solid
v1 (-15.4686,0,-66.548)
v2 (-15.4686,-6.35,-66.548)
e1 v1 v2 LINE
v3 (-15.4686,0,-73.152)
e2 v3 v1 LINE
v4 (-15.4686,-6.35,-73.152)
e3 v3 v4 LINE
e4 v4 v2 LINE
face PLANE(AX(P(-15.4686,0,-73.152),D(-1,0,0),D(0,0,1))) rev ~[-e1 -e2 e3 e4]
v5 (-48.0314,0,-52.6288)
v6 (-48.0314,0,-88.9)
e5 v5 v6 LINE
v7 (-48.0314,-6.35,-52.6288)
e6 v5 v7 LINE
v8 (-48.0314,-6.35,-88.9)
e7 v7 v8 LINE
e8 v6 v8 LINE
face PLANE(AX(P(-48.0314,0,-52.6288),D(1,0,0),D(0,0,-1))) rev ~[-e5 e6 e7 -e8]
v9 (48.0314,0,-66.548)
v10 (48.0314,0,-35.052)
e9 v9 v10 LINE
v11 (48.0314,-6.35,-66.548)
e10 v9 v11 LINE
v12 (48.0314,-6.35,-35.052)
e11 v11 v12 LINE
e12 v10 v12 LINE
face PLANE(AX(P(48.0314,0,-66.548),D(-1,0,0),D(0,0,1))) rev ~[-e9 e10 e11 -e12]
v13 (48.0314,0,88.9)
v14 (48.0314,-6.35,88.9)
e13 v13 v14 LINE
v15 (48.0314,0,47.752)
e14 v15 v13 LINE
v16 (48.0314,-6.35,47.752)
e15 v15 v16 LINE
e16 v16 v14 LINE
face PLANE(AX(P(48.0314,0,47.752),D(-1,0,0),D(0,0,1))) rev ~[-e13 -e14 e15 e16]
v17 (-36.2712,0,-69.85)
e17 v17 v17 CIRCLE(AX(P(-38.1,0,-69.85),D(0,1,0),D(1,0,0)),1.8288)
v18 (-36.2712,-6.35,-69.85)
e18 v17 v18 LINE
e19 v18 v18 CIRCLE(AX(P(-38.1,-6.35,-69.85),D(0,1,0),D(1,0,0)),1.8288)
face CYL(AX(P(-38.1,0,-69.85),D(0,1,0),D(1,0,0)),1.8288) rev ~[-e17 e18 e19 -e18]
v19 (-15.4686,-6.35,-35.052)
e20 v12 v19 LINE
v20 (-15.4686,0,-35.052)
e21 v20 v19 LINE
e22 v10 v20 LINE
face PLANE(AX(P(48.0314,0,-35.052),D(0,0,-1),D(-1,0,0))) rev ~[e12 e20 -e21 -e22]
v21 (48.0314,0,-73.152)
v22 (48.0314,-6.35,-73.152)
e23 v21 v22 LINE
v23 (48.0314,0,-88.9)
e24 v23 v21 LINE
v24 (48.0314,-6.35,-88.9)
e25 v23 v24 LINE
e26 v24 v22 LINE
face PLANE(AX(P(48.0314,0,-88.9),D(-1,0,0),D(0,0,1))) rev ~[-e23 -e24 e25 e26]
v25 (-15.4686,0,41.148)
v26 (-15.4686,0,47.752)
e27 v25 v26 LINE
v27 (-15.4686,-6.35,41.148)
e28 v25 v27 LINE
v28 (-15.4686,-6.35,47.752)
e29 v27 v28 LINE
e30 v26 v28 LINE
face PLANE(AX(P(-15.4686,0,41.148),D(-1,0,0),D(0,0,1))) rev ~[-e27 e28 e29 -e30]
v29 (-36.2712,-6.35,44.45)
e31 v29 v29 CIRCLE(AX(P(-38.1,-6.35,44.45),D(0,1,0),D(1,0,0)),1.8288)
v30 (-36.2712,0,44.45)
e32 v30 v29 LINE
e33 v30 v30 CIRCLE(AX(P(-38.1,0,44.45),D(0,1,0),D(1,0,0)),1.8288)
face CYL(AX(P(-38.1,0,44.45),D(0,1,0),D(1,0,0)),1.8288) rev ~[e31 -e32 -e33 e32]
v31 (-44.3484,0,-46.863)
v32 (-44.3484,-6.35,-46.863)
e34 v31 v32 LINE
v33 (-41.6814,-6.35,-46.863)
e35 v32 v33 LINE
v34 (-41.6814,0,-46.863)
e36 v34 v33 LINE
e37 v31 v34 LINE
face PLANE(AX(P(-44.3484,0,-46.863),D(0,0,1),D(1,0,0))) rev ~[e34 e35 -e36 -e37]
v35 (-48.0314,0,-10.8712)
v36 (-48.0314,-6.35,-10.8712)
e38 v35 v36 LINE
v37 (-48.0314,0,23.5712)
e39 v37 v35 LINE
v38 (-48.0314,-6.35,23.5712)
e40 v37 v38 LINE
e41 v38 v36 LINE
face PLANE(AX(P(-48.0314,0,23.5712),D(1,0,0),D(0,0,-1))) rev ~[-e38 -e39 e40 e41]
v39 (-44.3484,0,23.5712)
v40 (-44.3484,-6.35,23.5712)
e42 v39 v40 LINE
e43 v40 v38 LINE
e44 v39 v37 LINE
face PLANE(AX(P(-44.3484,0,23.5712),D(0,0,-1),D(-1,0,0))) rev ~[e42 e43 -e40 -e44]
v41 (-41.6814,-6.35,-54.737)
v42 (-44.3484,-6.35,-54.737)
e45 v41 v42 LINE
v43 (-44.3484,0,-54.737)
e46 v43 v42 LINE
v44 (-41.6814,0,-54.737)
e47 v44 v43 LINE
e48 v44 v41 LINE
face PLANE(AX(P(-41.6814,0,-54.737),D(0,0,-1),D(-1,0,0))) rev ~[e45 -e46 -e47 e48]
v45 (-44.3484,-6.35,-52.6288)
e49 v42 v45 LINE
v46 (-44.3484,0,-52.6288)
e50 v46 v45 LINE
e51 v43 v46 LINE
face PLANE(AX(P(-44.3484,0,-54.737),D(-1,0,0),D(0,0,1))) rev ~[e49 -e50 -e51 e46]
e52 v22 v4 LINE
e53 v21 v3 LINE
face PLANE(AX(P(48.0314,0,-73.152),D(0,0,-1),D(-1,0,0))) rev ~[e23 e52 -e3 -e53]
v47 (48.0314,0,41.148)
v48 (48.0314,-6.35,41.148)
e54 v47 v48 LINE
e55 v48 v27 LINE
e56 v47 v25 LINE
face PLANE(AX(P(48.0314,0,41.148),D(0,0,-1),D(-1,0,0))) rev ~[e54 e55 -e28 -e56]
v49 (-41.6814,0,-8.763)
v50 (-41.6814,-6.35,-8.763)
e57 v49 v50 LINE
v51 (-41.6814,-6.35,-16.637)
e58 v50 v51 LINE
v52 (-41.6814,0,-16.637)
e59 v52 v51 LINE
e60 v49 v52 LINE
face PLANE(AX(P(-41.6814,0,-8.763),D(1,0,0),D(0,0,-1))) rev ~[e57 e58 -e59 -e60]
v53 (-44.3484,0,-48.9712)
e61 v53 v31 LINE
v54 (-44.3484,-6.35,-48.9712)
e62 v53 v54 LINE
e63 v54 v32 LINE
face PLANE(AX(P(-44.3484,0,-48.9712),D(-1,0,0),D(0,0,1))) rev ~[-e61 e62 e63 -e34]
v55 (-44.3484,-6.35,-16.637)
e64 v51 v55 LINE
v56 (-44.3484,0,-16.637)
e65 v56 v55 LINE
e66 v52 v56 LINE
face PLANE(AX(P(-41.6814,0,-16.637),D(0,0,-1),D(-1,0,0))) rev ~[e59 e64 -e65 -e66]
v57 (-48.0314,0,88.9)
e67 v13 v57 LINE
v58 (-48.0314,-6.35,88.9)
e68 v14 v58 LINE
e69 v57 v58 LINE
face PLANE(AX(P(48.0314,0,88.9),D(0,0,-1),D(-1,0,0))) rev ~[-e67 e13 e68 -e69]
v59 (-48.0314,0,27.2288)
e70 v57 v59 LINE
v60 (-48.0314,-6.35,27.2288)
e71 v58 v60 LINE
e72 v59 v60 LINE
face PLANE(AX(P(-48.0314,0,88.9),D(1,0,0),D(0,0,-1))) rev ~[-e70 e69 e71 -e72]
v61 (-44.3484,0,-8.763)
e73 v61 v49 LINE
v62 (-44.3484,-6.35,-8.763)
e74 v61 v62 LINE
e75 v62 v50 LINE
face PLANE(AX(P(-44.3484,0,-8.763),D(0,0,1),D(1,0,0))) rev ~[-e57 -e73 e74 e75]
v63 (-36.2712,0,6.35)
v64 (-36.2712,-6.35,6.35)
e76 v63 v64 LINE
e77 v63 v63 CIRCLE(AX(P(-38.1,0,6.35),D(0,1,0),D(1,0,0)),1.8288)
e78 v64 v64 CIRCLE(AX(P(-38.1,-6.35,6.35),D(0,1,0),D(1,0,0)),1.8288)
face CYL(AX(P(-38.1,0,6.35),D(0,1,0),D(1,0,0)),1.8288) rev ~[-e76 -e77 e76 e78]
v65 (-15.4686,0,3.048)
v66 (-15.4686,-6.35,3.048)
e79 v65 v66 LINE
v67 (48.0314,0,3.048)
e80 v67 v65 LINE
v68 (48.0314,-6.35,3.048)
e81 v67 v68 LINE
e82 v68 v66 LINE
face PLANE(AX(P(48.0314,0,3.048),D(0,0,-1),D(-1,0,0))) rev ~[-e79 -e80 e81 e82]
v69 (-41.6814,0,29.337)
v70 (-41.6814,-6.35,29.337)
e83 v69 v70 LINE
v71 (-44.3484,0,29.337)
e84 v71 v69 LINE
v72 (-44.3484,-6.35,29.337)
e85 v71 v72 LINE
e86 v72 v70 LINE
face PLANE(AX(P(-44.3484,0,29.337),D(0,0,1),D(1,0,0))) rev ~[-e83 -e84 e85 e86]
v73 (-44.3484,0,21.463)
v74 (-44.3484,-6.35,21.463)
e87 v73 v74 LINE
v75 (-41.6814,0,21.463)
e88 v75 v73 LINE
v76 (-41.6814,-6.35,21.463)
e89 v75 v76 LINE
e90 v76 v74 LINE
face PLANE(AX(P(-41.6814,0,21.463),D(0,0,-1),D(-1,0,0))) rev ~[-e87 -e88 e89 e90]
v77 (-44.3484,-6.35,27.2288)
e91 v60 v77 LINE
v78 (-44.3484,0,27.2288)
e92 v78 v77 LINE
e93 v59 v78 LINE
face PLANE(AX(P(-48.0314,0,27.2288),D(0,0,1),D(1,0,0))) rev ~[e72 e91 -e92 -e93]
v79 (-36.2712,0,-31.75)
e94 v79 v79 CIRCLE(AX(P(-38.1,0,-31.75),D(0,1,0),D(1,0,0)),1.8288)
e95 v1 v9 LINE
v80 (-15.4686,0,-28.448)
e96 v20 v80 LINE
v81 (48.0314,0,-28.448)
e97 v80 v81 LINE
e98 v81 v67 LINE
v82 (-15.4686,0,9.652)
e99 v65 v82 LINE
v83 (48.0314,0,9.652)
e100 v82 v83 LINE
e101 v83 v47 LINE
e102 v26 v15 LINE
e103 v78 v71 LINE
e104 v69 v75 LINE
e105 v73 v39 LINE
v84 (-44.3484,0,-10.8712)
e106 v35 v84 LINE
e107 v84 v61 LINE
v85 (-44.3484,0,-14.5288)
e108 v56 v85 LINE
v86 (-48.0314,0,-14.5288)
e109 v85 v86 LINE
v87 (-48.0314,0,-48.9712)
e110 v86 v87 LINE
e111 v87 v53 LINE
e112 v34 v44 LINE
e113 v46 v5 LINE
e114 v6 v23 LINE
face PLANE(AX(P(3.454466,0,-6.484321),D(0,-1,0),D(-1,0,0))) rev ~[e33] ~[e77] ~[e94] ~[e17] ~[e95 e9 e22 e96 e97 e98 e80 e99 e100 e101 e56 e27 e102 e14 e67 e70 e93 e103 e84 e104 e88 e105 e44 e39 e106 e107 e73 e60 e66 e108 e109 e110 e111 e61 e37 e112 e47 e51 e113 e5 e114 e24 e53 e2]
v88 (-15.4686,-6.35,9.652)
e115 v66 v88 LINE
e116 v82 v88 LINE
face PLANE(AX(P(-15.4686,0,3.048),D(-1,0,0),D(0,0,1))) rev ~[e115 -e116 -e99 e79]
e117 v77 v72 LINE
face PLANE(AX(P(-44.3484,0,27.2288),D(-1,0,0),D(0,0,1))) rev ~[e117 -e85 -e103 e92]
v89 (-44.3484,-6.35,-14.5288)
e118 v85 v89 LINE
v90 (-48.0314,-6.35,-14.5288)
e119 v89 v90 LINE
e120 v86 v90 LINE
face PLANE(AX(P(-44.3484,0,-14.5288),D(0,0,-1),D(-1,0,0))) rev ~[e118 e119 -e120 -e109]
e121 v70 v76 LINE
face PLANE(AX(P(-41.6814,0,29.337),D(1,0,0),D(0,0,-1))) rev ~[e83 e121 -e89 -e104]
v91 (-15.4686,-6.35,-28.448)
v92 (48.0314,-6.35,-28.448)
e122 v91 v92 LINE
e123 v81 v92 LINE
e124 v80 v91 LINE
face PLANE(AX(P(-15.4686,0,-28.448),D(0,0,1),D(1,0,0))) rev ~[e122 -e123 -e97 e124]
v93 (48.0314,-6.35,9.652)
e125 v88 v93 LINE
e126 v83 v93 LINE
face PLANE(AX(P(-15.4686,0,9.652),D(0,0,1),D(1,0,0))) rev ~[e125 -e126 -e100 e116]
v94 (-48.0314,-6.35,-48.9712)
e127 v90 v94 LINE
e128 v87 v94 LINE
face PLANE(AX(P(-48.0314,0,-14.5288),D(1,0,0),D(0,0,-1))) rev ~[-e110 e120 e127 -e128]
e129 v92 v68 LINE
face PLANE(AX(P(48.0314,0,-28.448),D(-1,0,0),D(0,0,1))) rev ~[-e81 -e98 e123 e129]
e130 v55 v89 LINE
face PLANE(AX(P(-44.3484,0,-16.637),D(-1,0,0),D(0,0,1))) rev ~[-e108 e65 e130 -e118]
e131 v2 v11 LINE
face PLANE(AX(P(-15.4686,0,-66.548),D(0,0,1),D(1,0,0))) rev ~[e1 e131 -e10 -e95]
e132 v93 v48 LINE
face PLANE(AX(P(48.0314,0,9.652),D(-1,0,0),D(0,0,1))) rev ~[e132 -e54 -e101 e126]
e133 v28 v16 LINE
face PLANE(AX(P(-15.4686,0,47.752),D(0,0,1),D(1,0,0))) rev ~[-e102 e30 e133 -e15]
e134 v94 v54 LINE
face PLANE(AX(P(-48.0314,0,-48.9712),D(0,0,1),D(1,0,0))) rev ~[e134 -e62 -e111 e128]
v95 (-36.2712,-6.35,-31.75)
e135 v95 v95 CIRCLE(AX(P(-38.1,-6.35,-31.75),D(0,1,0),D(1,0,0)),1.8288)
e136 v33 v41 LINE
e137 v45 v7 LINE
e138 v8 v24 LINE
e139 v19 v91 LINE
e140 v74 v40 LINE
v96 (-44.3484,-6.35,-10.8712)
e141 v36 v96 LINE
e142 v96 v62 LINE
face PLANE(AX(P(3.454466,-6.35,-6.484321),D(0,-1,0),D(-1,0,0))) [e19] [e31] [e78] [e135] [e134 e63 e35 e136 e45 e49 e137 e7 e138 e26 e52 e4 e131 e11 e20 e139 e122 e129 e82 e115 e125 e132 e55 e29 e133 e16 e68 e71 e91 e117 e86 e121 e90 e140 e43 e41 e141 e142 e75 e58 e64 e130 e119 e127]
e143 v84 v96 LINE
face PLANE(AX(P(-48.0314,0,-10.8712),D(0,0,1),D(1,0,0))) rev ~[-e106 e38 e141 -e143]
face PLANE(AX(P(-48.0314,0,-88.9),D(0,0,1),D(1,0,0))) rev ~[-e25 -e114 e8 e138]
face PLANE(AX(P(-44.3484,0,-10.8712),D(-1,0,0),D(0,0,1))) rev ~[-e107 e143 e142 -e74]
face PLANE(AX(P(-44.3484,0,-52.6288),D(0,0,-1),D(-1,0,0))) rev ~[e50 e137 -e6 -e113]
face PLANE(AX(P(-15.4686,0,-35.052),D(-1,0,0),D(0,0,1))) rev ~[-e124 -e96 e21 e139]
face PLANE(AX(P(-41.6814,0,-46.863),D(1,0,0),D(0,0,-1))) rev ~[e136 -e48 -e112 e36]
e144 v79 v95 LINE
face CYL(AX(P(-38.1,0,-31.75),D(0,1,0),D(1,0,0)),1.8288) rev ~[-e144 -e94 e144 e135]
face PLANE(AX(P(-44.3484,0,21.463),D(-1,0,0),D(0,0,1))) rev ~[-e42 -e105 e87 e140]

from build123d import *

# Parameters (mm, degrees)
SKETCH1_R           = 1.8288
BOSS_EXTRUDE1_DEPTH = 6.35


with BuildPart() as part:
    # Sketch1 → Boss-Extrude1 (new body)
    with BuildSketch(Plane(origin=(0, 0, 0), x_dir=(1, 0, 0), z_dir=(0, 1, 0))):
        Polygon((-48.0314, 88.9), (48.0314, 88.9), (48.0314, 73.152), (-15.4686, 73.152), (-15.4686, 66.548), (48.0314, 66.548), (48.0314, 35.052), (-15.4686, 35.052), (-15.4686, 28.448), (48.0314, 28.448), (48.0314, -3.048), (-15.4686, -3.048), (-15.4686, -9.652), (48.0314, -9.652), (48.0314, -41.148), (-15.4686, -41.148), (-15.4686, -47.752), (48.0314, -47.752), (48.0314, -88.9), (-48.0314, -88.9), (-48.0314, -27.2288), (-44.3484, -27.2288), (-44.3484, -29.337), (-41.6814, -29.337), (-41.6814, -21.463), (-44.3484, -21.463), (-44.3484, -23.5712), (-48.0314, -23.5712), (-48.0314, 10.8712), (-44.3484, 10.8712), (-44.3484, 8.763), (-41.6814, 8.763), (-41.6814, 16.637), (-44.3484, 16.637), (-44.3484, 14.5288), (-48.0314, 14.5288), (-48.0314, 48.9712), (-44.3484, 48.9712), (-44.3484, 46.863), (-41.6814, 46.863), (-41.6814, 54.737), (-44.3484, 54.737), (-44.3484, 52.6288), (-48.0314, 52.6288), align=None)
        with Locations((-38.1, 69.85)):
            Circle(SKETCH1_R, mode=Mode.SUBTRACT)
        with Locations((-38.1, 31.75)):
            Circle(SKETCH1_R, mode=Mode.SUBTRACT)
        with Locations((-38.1, -6.35)):
            Circle(SKETCH1_R, mode=Mode.SUBTRACT)
        with Locations((-38.1, -44.45)):
            Circle(SKETCH1_R, mode=Mode.SUBTRACT)
    extrude(amount=-BOSS_EXTRUDE1_DEPTH)


solid = part.part
